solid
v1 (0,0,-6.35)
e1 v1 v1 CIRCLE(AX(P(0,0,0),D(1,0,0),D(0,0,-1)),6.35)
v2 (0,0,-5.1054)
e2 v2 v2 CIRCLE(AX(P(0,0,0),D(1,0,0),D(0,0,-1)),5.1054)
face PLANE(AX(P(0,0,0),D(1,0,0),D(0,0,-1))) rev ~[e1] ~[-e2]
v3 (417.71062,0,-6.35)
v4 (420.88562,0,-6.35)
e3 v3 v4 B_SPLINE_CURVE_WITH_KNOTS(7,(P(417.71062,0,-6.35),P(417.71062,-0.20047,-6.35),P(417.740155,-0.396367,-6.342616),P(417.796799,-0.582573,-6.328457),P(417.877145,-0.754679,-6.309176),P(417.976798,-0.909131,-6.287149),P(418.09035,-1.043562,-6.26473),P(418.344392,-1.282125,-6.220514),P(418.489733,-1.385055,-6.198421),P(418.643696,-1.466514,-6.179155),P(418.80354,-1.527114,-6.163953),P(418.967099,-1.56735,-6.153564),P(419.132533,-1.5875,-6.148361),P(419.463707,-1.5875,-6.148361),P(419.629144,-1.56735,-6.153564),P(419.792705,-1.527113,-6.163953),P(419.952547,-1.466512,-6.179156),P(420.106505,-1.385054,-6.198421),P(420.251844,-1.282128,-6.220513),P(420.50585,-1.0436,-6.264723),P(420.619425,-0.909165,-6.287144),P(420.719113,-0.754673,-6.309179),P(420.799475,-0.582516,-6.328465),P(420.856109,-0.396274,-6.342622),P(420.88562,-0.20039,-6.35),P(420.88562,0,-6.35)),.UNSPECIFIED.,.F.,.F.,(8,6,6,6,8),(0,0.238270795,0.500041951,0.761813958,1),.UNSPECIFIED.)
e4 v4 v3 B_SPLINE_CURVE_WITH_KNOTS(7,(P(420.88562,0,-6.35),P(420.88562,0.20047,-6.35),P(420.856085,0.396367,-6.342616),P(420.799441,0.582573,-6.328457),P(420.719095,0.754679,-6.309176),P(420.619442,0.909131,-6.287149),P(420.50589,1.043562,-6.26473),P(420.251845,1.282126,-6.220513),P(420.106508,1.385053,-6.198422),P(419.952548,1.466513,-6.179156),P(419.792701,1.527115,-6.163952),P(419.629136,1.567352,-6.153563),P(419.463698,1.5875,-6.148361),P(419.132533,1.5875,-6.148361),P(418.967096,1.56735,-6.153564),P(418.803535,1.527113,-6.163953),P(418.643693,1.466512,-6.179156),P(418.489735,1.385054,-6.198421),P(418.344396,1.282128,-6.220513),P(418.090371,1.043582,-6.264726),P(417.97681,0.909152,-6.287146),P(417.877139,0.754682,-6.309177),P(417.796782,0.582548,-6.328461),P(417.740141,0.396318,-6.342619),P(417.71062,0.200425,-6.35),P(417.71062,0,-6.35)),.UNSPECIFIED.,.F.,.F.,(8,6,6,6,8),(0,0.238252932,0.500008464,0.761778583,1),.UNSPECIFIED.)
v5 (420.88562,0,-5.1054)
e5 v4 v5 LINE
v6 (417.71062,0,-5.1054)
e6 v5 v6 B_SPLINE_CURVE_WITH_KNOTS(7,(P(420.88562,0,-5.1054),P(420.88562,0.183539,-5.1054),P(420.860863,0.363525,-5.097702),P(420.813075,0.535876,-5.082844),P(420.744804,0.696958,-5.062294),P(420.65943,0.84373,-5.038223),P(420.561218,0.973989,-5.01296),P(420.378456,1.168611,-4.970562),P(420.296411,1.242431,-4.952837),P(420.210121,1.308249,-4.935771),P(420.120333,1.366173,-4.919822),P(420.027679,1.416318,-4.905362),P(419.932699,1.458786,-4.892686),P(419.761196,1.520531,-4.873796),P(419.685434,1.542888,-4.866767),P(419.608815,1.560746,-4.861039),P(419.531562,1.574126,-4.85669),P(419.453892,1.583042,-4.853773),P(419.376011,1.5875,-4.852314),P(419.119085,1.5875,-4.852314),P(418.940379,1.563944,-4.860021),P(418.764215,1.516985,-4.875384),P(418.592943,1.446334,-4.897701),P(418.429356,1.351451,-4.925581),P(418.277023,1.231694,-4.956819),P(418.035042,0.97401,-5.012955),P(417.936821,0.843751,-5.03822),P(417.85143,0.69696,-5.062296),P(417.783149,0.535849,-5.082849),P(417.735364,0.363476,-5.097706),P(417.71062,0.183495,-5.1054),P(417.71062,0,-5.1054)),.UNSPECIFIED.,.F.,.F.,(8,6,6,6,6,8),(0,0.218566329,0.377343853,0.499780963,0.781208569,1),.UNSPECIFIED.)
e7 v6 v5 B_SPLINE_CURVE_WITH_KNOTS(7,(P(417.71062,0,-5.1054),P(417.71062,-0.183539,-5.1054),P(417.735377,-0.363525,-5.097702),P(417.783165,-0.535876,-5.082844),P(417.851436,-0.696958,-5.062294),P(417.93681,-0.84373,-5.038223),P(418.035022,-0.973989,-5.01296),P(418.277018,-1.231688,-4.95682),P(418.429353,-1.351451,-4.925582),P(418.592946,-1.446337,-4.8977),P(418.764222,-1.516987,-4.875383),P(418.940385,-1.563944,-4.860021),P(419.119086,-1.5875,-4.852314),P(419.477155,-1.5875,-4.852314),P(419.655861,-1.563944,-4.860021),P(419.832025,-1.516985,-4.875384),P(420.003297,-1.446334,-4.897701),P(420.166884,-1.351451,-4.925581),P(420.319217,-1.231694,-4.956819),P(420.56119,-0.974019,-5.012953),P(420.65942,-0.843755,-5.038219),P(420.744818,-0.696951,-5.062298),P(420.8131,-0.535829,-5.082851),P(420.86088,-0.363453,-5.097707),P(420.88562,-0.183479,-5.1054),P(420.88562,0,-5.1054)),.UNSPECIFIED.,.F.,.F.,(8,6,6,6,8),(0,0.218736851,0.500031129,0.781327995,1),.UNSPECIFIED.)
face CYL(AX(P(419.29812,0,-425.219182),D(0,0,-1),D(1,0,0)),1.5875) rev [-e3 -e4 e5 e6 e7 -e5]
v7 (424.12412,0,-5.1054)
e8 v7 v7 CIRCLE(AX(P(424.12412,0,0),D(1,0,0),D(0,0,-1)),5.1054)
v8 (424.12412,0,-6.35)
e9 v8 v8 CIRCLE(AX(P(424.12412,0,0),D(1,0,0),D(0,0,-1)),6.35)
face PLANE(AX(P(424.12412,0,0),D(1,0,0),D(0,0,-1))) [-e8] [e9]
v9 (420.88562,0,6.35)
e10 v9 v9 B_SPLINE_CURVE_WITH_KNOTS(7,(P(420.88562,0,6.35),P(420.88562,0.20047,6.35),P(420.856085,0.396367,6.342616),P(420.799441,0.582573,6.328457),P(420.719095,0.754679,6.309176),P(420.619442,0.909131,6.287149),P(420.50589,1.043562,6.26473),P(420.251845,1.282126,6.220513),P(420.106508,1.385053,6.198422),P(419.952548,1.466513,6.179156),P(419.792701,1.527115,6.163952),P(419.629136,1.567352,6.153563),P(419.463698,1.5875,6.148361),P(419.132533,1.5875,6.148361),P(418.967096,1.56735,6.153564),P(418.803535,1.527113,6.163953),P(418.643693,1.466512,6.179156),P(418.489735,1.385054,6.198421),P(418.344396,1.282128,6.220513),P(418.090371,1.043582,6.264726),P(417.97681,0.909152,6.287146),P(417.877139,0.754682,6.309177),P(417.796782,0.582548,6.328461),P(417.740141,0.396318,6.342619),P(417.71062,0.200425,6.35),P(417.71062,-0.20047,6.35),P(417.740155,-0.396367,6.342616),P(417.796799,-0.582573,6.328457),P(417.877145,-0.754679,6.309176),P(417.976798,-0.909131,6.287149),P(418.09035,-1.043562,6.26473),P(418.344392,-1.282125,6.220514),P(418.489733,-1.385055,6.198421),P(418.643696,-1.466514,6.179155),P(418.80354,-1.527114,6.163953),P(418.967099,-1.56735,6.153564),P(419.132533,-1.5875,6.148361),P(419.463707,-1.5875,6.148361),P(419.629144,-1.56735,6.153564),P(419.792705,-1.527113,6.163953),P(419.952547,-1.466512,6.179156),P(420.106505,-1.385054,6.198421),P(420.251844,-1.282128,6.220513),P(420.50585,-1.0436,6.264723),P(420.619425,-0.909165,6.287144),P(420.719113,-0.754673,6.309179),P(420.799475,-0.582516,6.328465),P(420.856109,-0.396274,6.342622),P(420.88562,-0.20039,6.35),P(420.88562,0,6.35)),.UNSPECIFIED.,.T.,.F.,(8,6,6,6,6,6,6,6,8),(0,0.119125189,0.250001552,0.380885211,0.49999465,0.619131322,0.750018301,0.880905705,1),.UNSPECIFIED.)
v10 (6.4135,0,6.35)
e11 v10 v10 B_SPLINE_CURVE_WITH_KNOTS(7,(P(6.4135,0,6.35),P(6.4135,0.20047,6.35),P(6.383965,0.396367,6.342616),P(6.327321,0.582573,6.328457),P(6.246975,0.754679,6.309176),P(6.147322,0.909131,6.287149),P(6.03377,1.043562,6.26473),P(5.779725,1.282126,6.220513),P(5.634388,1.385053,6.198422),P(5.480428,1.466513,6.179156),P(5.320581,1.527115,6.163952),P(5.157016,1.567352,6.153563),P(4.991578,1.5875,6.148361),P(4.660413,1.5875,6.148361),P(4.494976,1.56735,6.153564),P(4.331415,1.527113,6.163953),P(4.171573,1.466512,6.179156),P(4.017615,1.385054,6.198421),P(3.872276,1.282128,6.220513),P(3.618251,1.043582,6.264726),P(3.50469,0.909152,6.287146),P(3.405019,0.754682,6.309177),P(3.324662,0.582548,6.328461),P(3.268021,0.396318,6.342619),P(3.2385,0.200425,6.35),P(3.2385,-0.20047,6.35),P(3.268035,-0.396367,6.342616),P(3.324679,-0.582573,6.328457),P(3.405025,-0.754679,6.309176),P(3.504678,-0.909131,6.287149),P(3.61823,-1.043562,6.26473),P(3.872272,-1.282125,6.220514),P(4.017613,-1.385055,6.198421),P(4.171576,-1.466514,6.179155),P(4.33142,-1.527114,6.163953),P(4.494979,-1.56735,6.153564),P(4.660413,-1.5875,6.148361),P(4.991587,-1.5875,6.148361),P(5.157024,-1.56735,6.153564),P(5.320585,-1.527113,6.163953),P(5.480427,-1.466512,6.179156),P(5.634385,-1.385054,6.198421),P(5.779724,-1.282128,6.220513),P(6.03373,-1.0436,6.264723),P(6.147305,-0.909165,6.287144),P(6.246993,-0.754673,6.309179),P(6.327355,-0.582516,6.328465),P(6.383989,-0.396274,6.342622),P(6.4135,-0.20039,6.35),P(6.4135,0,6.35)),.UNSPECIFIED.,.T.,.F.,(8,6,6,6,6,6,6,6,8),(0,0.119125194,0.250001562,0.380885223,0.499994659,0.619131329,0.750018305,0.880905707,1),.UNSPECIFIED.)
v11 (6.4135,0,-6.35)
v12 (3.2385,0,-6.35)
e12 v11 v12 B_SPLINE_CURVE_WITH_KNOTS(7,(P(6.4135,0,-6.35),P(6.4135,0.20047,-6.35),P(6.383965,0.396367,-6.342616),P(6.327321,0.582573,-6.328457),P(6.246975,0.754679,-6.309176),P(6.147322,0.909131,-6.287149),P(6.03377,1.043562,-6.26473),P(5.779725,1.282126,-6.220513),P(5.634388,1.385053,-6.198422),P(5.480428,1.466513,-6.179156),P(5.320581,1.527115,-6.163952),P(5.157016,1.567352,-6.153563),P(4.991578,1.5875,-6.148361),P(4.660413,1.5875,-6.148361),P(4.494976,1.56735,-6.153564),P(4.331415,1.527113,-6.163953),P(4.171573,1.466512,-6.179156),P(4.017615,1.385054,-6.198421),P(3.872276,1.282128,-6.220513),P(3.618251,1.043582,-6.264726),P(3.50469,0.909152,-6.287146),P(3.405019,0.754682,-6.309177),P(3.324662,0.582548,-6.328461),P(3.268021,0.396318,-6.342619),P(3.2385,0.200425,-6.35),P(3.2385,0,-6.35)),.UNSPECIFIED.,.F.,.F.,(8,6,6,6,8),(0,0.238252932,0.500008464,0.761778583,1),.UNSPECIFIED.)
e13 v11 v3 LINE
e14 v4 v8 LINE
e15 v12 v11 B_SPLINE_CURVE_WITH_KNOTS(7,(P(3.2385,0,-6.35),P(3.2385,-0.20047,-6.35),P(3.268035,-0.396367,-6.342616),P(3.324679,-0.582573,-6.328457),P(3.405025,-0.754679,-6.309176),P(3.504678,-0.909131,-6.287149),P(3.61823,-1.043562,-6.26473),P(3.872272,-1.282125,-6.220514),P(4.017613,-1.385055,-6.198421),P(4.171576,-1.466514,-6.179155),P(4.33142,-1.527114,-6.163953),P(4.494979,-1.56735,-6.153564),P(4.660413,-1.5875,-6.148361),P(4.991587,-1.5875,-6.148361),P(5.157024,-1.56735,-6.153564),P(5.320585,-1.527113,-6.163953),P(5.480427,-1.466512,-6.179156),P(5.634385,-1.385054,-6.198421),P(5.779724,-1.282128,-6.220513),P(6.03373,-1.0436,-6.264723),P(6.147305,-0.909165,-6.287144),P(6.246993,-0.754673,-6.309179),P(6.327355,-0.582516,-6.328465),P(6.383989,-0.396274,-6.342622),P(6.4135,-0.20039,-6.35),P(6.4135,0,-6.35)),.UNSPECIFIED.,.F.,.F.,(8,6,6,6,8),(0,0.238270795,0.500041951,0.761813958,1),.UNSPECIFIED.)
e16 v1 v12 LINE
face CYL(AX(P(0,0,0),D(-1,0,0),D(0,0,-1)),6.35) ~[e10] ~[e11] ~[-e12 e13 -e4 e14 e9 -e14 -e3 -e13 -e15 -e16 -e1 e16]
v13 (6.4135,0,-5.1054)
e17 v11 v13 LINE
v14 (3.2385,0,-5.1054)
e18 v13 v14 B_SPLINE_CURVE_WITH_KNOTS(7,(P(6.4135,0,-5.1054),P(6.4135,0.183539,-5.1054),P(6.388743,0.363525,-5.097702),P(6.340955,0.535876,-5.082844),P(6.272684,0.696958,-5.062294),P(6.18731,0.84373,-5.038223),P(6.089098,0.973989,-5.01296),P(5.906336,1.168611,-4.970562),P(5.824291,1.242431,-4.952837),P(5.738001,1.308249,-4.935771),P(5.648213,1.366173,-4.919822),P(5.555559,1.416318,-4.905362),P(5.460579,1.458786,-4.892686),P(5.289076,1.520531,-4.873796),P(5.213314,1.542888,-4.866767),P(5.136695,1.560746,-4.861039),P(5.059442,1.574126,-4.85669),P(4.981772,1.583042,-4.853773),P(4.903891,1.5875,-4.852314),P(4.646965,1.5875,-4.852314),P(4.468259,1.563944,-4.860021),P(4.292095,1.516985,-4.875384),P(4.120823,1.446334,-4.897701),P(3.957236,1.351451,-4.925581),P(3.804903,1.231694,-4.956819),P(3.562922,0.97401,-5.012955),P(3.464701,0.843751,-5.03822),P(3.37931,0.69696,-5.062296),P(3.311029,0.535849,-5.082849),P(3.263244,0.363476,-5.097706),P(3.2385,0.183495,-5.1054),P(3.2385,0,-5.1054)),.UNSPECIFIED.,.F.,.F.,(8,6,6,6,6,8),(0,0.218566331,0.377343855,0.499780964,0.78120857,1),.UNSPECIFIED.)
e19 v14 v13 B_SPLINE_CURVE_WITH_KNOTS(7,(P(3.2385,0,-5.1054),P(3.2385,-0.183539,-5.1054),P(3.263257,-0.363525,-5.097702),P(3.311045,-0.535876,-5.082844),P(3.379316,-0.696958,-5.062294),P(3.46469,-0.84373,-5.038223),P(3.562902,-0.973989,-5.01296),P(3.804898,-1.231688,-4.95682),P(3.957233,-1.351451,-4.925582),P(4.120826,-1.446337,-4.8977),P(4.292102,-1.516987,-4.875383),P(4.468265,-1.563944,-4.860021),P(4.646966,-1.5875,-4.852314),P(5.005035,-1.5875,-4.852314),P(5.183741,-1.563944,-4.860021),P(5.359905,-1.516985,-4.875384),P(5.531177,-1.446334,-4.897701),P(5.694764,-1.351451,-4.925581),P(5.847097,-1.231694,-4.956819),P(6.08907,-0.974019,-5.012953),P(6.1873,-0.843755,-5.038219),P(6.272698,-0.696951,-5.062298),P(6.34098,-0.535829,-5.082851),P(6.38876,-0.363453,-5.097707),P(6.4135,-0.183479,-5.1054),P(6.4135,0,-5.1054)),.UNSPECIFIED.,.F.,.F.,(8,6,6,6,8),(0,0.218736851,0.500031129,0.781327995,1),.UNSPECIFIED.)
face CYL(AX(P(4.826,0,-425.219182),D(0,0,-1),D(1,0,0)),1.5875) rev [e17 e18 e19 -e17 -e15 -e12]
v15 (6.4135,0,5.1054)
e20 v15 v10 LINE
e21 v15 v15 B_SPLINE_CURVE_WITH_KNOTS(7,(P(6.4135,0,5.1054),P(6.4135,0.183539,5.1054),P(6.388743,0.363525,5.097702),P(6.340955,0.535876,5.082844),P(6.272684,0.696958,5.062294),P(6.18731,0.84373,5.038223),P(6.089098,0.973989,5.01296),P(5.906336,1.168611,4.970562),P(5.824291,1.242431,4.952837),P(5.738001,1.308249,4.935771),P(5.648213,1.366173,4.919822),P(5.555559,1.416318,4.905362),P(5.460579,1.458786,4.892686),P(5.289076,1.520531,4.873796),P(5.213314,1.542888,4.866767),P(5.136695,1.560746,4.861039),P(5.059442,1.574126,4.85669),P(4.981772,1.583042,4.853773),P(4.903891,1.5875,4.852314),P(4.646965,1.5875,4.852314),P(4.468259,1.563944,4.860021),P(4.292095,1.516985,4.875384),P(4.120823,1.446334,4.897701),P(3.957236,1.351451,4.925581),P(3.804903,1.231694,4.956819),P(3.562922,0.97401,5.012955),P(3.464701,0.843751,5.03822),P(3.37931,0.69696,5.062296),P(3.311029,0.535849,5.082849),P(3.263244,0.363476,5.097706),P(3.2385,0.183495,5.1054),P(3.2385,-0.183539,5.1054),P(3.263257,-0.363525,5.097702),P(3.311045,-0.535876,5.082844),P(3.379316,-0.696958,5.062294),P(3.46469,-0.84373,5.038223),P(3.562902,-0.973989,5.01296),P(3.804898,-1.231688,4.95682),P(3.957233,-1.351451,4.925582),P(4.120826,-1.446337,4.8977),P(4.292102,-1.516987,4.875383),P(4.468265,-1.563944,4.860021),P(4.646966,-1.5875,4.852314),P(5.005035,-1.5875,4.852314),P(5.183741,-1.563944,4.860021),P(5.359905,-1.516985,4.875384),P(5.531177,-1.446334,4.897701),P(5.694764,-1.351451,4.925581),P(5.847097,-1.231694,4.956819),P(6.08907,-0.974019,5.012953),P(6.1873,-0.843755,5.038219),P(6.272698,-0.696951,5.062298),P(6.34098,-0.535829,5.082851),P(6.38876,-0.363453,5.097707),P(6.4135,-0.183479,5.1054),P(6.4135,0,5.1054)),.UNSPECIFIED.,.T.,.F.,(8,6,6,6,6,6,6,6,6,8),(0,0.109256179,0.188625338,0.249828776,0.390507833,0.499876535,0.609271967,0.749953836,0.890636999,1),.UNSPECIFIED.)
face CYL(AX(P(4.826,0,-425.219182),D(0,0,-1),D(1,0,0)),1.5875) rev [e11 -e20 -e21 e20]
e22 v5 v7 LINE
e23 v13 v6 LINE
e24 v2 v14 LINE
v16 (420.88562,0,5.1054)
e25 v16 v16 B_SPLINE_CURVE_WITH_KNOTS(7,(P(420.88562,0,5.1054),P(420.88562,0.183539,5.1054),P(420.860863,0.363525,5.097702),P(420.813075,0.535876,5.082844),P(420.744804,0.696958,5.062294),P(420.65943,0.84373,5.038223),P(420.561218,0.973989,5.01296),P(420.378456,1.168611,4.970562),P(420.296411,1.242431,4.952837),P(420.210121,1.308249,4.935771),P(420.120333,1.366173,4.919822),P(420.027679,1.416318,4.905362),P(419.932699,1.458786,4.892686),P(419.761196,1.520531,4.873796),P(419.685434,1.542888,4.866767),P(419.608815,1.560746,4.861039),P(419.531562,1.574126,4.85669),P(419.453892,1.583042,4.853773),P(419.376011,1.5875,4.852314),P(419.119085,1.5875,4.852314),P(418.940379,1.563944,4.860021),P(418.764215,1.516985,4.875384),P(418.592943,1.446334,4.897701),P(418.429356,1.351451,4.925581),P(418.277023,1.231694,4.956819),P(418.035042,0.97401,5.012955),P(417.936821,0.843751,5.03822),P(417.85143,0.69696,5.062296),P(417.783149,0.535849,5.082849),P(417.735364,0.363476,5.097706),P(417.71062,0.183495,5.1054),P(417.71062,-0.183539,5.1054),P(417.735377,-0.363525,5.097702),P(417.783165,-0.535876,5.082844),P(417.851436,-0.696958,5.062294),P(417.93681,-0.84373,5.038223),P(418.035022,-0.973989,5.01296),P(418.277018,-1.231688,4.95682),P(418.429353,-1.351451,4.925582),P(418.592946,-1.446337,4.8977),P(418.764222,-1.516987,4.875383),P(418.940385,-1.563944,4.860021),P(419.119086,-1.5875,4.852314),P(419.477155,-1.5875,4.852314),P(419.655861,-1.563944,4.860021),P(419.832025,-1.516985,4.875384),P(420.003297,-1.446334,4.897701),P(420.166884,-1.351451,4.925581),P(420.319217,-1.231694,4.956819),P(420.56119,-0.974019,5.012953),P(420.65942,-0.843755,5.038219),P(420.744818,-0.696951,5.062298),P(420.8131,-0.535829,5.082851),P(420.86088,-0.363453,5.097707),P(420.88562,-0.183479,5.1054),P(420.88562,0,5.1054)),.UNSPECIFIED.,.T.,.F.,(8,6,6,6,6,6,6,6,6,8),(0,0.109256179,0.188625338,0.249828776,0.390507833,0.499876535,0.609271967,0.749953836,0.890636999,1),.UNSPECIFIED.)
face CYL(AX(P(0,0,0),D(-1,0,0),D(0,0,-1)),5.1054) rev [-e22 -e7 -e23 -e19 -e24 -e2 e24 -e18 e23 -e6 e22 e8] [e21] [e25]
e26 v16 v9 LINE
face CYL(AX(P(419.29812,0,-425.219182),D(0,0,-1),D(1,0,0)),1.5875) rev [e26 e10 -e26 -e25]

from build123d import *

# Parameters (mm, degrees)
SKETCH1_R               = 6.35
SKETCH1_R_2             = 5.1054
BOSS_EXTRUDE1_DEPTH     = 424.12412
CUT_EXTRUDE1_DEPTH      = 425.219181751
CUT_EXTRUDE1_DEPTH_BACK = 425.219181751
SKETCH2_R               = 1.5875


with BuildPart() as part:
    # Sketch1 → Boss-Extrude1 (new body)
    with BuildSketch(Plane(origin=(0, 0, 0), x_dir=(0, 0, -1), z_dir=(1, 0, 0))):
        Circle(SKETCH1_R)
        Circle(SKETCH1_R_2, mode=Mode.SUBTRACT)
    extrude(amount=BOSS_EXTRUDE1_DEPTH)

    # Sketch2 → Cut-Extrude1 (cut, two sides: drawn at the far end of the back side and taken through both)
    with BuildSketch(Plane.XY.offset(-CUT_EXTRUDE1_DEPTH_BACK)):
        with Locations((4.826, 0)):
            Circle(SKETCH2_R)
        with Locations((419.29812, 0)):
            Circle(SKETCH2_R)
    extrude(amount=CUT_EXTRUDE1_DEPTH + CUT_EXTRUDE1_DEPTH_BACK, mode=Mode.SUBTRACT)


solid = part.part
